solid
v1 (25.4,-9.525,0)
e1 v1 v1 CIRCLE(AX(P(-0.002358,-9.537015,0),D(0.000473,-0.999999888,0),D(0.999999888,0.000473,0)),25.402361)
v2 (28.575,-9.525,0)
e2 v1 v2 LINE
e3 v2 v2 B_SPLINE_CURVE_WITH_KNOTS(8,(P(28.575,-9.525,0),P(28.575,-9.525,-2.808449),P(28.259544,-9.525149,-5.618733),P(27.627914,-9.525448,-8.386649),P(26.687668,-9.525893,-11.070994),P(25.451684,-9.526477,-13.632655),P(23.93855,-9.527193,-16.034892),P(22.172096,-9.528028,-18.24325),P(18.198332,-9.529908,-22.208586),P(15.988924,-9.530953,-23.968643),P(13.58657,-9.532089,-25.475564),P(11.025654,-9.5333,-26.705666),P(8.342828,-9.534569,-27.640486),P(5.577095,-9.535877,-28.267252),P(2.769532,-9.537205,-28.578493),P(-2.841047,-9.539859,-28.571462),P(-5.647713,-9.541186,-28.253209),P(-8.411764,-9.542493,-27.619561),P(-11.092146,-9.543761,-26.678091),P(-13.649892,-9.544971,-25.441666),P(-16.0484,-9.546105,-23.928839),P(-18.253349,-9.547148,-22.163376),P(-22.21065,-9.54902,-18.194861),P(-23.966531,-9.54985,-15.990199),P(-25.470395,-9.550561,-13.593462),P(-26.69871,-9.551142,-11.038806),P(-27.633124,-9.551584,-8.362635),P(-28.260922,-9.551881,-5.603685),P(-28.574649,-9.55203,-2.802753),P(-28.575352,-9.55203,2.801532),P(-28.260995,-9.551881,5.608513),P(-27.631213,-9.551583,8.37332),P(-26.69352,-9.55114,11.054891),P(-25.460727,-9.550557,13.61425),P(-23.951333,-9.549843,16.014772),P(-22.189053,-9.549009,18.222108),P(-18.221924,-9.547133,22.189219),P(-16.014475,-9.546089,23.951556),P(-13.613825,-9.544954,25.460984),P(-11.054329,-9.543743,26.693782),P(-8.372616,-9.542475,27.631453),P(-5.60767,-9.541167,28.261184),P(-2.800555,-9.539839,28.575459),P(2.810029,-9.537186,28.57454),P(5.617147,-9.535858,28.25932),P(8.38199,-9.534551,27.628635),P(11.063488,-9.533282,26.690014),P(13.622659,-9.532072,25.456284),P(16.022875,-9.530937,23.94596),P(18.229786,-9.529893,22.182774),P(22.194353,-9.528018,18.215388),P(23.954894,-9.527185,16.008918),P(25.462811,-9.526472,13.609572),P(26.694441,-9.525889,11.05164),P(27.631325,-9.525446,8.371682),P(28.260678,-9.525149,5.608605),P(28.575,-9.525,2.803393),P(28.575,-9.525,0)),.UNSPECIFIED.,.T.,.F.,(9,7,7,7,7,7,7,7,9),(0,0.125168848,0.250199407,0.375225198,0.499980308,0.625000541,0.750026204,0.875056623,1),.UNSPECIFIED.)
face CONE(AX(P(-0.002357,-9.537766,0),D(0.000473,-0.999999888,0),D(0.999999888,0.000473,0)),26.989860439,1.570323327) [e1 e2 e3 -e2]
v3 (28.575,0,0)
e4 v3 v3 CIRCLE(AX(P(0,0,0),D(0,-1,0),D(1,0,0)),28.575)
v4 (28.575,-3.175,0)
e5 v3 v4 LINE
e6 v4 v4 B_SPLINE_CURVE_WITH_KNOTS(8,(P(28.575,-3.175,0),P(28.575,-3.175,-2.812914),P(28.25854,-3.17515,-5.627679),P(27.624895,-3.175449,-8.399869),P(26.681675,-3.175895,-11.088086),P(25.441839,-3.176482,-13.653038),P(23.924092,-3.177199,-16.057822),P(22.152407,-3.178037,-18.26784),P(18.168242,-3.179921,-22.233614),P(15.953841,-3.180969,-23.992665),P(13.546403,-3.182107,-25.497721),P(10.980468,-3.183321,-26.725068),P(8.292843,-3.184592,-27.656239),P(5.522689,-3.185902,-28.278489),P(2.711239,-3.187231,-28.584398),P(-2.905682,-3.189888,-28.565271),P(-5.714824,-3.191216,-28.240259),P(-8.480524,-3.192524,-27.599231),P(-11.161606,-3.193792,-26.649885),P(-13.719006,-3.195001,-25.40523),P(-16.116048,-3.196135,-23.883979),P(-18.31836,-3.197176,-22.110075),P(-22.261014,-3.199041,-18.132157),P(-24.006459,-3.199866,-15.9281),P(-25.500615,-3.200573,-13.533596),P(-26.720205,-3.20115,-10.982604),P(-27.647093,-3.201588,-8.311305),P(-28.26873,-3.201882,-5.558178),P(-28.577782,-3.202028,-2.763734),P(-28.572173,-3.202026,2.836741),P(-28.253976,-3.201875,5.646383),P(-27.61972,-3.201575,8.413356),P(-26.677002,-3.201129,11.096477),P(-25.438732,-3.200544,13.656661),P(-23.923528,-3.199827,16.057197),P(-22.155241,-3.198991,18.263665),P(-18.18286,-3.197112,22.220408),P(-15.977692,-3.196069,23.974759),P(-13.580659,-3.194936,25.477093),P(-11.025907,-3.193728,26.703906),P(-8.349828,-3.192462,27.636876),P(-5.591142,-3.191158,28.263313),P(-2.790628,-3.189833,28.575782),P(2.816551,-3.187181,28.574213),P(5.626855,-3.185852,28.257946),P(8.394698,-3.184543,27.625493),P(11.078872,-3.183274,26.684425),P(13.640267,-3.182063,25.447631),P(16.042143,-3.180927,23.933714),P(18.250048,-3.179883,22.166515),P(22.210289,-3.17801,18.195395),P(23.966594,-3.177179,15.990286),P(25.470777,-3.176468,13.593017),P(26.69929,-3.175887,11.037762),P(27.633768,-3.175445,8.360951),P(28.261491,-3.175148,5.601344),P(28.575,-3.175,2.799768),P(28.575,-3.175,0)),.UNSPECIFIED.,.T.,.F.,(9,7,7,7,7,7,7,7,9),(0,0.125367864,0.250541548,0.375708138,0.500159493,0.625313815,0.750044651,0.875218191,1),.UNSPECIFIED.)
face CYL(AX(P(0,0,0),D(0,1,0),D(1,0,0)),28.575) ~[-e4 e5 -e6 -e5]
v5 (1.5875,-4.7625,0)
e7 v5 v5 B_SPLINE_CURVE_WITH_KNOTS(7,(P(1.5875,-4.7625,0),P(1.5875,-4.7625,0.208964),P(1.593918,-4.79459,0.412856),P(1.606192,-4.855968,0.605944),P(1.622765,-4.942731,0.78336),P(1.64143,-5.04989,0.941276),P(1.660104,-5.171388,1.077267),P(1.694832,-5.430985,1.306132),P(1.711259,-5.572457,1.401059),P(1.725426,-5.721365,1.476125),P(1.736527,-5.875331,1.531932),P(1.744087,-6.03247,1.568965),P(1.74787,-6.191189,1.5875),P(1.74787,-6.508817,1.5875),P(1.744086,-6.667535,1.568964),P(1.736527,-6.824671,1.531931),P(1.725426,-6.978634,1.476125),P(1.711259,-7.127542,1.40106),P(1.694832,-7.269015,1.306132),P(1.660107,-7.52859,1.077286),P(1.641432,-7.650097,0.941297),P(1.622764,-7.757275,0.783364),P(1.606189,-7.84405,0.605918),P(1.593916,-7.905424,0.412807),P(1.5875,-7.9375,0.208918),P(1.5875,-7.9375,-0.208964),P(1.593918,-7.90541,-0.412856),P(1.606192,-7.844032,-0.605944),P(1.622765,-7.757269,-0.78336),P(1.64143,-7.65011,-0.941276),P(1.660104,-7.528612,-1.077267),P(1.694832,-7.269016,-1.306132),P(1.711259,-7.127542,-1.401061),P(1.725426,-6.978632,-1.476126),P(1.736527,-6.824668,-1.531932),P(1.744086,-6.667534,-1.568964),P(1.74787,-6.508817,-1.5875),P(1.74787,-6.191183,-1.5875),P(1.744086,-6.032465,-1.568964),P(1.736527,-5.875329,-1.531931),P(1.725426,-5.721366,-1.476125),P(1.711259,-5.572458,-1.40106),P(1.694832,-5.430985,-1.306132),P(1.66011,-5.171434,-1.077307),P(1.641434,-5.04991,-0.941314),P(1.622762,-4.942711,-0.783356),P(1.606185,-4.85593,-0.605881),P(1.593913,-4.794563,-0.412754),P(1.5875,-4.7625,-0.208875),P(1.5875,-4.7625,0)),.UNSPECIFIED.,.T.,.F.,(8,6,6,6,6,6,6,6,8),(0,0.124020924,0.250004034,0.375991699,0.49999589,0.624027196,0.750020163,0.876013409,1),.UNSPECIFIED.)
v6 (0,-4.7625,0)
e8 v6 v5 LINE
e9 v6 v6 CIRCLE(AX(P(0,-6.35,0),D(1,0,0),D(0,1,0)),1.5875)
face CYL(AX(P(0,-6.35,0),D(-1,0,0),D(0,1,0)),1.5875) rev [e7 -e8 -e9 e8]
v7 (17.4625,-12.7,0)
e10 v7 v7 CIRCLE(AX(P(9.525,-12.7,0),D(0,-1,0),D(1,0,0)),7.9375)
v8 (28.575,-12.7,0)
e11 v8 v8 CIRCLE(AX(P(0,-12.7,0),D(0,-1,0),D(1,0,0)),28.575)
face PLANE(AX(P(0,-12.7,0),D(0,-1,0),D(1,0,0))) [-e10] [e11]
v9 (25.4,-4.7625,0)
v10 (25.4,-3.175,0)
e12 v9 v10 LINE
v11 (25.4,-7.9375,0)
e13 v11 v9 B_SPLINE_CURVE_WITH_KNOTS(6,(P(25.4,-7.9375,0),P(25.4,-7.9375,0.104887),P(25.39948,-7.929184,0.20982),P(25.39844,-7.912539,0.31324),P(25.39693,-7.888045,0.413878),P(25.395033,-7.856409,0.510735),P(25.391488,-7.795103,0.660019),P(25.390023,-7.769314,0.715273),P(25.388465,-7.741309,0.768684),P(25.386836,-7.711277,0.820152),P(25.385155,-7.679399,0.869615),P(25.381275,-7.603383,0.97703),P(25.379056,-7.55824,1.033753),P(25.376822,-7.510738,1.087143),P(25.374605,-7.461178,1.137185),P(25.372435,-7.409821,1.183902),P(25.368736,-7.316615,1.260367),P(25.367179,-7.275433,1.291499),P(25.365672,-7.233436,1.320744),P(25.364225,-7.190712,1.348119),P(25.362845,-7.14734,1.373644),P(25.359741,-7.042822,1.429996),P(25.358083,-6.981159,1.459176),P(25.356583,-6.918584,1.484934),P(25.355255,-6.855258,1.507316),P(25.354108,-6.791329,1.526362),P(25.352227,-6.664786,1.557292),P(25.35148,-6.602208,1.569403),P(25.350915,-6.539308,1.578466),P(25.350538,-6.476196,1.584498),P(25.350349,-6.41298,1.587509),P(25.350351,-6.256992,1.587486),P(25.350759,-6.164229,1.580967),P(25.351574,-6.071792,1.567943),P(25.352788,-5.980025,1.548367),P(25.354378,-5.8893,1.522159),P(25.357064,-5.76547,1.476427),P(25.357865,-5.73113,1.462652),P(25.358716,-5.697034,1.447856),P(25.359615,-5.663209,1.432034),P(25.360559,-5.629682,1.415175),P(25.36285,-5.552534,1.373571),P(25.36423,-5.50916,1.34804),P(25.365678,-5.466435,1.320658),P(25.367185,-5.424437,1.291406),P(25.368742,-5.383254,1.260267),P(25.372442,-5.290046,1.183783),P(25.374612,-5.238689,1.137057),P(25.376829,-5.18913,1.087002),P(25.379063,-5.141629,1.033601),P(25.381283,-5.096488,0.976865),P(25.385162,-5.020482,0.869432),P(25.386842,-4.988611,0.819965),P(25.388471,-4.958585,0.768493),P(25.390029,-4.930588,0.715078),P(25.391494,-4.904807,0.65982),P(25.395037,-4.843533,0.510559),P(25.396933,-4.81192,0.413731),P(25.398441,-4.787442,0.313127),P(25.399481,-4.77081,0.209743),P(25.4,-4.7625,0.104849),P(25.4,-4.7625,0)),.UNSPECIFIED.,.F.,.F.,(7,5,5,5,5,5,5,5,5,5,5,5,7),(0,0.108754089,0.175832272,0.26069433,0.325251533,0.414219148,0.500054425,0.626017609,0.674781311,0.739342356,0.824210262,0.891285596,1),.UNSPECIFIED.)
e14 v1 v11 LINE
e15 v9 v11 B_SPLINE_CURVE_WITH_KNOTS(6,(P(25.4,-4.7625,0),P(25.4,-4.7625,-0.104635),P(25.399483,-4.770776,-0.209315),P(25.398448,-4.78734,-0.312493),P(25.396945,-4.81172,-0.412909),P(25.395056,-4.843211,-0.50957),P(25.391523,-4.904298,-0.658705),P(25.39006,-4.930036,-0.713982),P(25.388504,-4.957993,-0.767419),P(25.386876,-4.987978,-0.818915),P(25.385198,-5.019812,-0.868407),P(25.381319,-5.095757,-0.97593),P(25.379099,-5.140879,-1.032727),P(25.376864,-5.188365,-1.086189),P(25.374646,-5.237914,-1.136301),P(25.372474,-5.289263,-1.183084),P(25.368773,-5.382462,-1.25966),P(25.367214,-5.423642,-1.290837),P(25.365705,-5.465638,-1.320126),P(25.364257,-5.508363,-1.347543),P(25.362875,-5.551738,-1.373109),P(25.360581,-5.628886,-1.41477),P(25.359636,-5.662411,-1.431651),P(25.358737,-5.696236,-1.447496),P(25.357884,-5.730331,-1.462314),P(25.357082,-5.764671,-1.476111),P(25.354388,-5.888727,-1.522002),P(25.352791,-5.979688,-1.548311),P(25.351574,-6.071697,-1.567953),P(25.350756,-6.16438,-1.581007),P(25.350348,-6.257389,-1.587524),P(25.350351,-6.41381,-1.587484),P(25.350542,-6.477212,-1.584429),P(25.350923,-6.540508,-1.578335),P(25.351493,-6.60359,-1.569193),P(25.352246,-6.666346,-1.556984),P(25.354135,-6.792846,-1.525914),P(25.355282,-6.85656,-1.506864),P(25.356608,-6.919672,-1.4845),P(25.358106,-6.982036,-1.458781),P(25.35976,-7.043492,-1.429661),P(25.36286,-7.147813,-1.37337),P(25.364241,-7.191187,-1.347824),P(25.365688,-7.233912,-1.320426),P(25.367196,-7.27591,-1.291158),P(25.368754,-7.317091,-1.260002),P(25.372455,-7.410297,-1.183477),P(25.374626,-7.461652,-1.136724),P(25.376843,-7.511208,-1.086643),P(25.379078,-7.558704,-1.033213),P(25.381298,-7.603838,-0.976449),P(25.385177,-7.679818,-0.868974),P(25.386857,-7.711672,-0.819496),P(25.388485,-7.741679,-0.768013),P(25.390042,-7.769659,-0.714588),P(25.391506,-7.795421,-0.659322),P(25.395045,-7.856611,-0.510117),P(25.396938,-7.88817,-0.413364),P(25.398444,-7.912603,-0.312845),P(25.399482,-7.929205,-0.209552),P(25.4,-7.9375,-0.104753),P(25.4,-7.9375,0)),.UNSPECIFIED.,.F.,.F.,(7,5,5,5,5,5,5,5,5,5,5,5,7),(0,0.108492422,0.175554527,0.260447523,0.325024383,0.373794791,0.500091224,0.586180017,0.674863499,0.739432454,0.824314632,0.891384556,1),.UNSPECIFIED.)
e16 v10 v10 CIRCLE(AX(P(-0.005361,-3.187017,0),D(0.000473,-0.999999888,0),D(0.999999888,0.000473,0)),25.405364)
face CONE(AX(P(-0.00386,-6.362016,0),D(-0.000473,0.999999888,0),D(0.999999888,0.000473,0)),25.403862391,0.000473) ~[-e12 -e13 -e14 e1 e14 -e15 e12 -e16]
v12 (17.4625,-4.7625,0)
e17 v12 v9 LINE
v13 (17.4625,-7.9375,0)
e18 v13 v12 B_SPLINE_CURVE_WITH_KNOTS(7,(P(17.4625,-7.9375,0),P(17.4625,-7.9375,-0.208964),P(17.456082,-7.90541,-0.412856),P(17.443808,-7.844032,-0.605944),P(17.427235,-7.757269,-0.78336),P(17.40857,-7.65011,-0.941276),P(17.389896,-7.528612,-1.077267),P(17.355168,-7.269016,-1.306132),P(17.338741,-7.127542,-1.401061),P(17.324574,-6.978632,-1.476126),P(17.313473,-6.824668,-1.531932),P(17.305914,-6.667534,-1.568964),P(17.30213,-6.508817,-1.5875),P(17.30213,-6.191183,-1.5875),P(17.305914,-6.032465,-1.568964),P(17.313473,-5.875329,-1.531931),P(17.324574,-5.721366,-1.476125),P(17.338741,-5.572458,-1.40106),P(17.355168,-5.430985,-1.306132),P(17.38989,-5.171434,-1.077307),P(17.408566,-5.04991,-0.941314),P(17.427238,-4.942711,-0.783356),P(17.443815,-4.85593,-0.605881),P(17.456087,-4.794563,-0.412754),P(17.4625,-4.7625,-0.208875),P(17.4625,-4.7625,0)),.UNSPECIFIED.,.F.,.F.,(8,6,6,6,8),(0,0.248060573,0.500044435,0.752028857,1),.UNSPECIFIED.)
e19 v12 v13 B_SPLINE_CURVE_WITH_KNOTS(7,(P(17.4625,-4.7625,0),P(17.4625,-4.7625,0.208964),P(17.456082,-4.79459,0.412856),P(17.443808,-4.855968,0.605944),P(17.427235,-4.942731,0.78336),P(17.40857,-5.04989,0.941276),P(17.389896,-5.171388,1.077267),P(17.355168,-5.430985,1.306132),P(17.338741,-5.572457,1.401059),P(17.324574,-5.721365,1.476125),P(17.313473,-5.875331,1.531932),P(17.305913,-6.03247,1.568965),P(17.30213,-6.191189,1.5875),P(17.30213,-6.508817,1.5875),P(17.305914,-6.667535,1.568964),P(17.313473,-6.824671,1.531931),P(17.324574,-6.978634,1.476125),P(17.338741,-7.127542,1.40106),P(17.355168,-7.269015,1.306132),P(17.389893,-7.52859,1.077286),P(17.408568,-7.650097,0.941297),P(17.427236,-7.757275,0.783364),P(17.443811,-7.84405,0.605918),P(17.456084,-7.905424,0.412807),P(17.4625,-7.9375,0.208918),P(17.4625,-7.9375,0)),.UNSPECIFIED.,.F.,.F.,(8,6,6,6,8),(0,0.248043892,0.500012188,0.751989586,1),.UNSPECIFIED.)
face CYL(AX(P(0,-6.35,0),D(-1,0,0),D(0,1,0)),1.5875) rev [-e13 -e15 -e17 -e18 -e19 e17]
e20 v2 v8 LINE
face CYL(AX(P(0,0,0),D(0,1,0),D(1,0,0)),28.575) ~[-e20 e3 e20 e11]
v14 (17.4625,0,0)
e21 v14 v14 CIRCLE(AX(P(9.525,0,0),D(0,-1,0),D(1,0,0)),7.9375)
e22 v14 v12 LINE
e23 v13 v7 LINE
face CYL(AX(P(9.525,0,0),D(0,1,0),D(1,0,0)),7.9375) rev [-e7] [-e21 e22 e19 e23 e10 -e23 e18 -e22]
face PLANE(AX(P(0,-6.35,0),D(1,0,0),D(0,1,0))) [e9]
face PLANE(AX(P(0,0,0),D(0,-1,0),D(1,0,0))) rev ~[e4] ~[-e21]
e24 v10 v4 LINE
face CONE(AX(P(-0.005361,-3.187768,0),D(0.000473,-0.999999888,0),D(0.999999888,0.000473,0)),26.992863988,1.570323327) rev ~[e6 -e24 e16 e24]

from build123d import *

# Parameters (mm, degrees)
F0_R     = 28.575
F0_R_2   = 7.9375
F1_DEPTH = 12.7
F2_W     = 3.175
F2_H     = 6.35
F5_R     = 1.5875
F6_DEPTH = 25.4


with BuildPart() as f1:
    # F0 (on Front) → F1 (new body)
    with BuildSketch(Plane.XZ):
        Circle(F0_R)
        with Locations((9.525, 0)):
            Circle(F0_R_2, mode=Mode.SUBTRACT)
    extrude(amount=F1_DEPTH)

    # F2 (on Top) → F4 (revolve, cut)
    with BuildSketch(Plane.XY):
        with Locations((26.9875, -6.35)):
            Rectangle(F2_W, F2_H)
    revolve(axis=Axis((-0.004353, -5.31878, 0), (0.000473, -1, 0)), mode=Mode.SUBTRACT)

    # F5 (on Right) → F6 (cut)
    with BuildSketch(Plane.YZ):
        with Locations((-6.35, 0)):
            Circle(F5_R)
    extrude(amount=F6_DEPTH, mode=Mode.SUBTRACT)


solid = f1.part
